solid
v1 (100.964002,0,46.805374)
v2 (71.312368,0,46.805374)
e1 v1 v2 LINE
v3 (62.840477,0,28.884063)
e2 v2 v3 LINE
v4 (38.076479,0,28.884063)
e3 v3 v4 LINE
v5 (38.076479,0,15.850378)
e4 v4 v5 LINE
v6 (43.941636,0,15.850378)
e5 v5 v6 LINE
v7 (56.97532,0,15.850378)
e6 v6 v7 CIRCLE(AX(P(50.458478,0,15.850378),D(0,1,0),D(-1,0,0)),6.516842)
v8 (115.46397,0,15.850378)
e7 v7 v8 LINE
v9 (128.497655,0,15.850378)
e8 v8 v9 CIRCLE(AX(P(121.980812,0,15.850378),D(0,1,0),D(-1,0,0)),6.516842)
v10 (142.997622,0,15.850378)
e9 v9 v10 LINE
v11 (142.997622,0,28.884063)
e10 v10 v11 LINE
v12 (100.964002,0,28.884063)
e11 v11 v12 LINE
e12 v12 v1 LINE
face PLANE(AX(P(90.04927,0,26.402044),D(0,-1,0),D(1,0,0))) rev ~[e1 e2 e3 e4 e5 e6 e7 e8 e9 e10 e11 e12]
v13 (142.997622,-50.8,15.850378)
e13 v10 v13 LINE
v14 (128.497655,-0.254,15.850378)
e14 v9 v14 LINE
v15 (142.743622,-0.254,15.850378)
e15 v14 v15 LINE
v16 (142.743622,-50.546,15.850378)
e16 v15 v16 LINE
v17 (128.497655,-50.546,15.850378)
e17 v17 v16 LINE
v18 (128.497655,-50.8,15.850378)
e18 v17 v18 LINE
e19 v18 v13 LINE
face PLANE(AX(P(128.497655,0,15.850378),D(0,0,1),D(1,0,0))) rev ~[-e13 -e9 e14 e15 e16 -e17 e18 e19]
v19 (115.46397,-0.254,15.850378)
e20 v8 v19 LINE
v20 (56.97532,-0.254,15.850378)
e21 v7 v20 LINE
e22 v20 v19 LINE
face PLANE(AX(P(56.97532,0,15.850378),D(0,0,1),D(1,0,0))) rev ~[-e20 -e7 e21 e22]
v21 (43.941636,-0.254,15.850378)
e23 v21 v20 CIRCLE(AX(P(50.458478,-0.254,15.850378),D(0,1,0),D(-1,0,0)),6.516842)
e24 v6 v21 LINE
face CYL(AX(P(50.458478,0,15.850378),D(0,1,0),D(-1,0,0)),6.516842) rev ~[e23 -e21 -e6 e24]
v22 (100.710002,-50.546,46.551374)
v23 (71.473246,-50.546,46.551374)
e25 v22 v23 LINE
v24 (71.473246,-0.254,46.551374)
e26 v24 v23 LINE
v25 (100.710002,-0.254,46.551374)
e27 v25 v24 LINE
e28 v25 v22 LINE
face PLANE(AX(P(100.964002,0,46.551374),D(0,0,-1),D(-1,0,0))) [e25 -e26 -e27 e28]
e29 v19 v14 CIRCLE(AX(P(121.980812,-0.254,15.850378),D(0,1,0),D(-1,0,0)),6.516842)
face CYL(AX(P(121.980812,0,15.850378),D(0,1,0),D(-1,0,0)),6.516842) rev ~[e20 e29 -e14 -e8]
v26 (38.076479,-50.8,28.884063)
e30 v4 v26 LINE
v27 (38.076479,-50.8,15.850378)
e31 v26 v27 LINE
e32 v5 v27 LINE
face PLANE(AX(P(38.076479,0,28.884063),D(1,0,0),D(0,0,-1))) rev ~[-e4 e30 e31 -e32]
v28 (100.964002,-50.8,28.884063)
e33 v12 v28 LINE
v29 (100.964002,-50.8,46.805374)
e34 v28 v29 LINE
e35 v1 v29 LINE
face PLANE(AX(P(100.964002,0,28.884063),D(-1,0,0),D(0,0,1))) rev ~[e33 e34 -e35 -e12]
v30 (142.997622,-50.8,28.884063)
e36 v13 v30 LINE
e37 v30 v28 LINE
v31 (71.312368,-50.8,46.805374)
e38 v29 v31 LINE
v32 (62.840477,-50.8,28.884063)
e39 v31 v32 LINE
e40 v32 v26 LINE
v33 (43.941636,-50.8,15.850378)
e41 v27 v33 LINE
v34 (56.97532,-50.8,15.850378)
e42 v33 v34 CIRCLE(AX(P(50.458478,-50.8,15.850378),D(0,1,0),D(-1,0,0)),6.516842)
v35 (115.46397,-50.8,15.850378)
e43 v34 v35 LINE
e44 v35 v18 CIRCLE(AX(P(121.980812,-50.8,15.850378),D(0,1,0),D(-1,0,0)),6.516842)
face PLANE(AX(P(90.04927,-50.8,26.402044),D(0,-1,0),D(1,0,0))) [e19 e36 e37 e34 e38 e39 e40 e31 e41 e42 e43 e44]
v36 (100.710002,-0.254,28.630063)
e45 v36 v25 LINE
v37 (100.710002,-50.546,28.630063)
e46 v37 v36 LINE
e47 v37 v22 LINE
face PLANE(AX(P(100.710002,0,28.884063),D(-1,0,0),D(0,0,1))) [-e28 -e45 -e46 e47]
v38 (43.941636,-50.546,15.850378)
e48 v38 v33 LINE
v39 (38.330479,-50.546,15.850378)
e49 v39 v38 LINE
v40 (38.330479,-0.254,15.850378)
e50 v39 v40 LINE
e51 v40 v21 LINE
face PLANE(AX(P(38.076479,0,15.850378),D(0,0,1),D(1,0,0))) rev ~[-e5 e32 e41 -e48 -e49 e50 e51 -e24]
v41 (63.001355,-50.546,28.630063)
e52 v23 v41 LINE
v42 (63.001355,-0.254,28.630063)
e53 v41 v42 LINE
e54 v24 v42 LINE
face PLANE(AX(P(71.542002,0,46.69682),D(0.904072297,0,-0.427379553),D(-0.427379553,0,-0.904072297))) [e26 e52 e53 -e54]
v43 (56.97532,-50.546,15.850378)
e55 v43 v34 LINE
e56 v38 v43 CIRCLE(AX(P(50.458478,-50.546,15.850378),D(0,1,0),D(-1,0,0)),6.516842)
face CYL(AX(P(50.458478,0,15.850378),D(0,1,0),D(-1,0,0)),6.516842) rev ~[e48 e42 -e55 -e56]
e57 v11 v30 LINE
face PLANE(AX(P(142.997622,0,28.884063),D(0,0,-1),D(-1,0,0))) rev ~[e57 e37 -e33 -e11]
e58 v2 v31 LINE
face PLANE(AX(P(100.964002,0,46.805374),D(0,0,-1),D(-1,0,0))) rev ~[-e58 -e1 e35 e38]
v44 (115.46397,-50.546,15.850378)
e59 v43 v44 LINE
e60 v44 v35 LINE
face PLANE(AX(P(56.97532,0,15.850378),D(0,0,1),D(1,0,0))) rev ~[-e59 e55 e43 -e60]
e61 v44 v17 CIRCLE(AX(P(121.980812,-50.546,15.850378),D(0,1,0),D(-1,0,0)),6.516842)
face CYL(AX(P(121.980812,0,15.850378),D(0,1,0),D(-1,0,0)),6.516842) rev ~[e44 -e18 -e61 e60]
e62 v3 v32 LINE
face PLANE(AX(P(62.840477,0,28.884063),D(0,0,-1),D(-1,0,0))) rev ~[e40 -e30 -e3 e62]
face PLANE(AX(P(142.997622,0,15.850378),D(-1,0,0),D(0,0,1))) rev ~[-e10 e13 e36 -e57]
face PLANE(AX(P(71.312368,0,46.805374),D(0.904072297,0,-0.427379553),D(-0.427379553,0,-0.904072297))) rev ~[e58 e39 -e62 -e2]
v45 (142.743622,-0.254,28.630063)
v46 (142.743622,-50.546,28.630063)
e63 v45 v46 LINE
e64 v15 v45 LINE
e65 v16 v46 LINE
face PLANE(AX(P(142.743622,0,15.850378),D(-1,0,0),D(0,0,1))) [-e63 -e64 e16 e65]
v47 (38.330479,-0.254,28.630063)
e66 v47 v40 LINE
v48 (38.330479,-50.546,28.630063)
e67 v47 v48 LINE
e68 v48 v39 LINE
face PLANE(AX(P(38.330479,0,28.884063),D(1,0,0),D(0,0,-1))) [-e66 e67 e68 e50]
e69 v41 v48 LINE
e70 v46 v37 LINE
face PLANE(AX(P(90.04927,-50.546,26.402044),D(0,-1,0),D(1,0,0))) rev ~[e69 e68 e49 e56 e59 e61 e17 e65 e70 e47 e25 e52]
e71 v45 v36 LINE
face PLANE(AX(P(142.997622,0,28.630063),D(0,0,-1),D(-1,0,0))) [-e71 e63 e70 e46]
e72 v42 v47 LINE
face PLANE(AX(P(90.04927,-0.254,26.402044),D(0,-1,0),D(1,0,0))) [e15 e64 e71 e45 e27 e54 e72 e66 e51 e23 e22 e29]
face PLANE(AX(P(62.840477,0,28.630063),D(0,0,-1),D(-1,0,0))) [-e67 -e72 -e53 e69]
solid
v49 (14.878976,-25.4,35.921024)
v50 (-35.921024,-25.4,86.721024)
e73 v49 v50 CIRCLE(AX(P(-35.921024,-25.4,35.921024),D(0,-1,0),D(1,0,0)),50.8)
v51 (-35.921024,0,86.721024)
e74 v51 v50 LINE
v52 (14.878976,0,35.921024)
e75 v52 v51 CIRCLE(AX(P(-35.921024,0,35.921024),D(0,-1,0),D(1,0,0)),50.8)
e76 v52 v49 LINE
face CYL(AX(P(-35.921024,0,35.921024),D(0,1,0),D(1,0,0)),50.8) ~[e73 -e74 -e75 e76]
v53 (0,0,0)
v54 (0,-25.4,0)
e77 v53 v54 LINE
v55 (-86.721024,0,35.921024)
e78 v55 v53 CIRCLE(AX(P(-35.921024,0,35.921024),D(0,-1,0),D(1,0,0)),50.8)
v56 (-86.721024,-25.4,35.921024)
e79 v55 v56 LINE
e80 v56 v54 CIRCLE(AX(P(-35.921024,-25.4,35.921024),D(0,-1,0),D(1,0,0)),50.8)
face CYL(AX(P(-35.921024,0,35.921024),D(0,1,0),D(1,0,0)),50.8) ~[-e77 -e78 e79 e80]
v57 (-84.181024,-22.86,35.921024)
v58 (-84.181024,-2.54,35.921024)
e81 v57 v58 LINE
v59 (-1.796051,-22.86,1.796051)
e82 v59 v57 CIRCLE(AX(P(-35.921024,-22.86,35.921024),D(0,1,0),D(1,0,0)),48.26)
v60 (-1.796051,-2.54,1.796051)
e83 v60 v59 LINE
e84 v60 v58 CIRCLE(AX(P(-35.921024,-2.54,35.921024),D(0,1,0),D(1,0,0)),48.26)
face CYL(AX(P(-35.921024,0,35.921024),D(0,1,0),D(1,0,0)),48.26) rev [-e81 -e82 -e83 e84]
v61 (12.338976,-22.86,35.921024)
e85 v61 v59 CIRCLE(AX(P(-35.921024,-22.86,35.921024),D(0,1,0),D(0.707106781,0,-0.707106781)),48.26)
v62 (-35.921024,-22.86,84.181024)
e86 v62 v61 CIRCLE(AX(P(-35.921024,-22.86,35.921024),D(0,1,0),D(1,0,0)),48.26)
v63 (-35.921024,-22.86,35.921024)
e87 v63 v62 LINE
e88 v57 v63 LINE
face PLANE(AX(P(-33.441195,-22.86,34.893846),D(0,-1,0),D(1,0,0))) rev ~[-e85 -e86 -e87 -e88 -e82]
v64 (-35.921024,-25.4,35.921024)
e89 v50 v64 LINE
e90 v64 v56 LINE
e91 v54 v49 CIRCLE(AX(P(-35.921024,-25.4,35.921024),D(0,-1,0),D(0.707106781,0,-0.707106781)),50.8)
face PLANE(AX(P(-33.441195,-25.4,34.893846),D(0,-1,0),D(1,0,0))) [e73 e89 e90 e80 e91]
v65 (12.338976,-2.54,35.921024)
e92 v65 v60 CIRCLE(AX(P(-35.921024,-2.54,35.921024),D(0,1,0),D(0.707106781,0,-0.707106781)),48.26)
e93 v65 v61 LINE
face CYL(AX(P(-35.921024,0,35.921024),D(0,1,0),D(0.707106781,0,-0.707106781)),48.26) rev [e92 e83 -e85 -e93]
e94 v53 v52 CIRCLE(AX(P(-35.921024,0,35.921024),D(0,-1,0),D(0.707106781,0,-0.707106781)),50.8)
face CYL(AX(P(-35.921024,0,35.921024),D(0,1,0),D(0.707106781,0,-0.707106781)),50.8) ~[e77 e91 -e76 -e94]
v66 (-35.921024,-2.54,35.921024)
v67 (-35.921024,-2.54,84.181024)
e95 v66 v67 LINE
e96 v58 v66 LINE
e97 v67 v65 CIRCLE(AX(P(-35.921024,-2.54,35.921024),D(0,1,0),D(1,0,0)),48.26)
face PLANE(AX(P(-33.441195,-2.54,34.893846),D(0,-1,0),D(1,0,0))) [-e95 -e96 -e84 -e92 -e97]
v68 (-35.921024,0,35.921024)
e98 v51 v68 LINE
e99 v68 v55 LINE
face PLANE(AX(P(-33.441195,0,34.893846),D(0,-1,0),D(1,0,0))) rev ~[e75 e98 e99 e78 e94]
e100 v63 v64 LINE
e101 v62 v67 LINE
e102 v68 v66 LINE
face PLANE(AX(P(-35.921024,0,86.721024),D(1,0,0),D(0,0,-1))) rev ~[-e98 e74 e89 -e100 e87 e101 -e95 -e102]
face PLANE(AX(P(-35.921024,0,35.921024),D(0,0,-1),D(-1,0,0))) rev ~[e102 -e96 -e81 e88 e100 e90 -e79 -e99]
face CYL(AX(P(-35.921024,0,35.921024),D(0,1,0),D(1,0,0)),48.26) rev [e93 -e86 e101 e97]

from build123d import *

# Parameters (mm, degrees)
F1_DEPTH = 25.4
F2_T     = -2.54
F4_DEPTH = 25.4
F6_DEPTH = 50.8
F7_T     = -0.254


with BuildPart() as f1:
    # F0 (on Front) → F1 (new body)
    with BuildSketch(Plane.XZ):
        with BuildLine():
            ThreePointArc((0, 0), (11.0120557673, 16.4807061201), (14.8789755157, 35.9210244843))
            ThreePointArc((14.8789755157, 35.9210244843), (-82.8541047359, 55.3613428484), (0, 0))
        make_face()
    extrude(amount=F1_DEPTH)

    # F2 (hollow: no face is removed)
    offset(amount=F2_T, mode=Mode.SUBTRACT)

    # F3 (on face) → F4 (cut)
    with BuildSketch(Plane(origin=(0, 0, 0), x_dir=(-1, 0, 0), z_dir=(0, 1, 0))):
        with BuildLine():
            Line((35.9210244843, 86.7210244843), (35.9210244843, 35.9210244843))
            Line((35.9210244843, 35.9210244843), (86.7210244843, 35.9210244843))
            ThreePointArc((86.7210244843, 35.9210244843), (71.8420489686, 71.8420489686), (35.9210244843, 86.7210244843))
        make_face()
    extrude(amount=-F4_DEPTH, mode=Mode.SUBTRACT)


with BuildPart() as f6:
    # F5 (on Front) → F6 (new body)
    with BuildSketch(Plane.XZ):
        with BuildLine():
            Line((142.9976224899, 15.8503782004), (142.9976224899, 28.8840625435))
            Line((142.9976224899, 28.8840625435), (100.9640023112, 28.8840625435))
            Line((100.9640023112, 28.8840625435), (100.9640023112, 46.8053743243))
            Line((100.9640023112, 46.8053743243), (71.3123679161, 46.8053743243))
            Line((71.3123679161, 46.8053743243), (62.8404766321, 28.8840625435))
            Line((62.8404766321, 28.8840625435), (38.0764789879, 28.8840625435))
            Line((38.0764789879, 28.8840625435), (38.0764789879, 15.8503782004))
            Line((38.0764789879, 15.8503782004), (43.9416356385, 15.8503782004))
            ThreePointArc((43.9416356385, 15.8503782004), (50.45847781, 22.367220372), (56.9753199816, 15.8503782004))
            Line((56.9753199816, 15.8503782004), (62.8404766321, 15.8503782004))
            Line((62.8404766321, 15.8503782004), (100.9640023112, 15.8503782004))
            Line((100.9640023112, 15.8503782004), (115.463970229, 15.8503782004))
            ThreePointArc((115.463970229, 15.8503782004), (121.9808124006, 22.367220372), (128.4976545721, 15.8503782004))
            Line((128.4976545721, 15.8503782004), (142.9976224899, 15.8503782004))
        make_face()
    extrude(amount=F6_DEPTH)

    # F7
    f7_openings = [f6.faces().sort_by_distance(p)[0] for p in [
        (86.219645, -25.4, 15.850378),
        (135.747639, -25.4, 15.850378),
        (121.980812, -25.4, 22.36722),
        (50.458478, -25.4, 22.36722),
        (41.009057, -25.4, 15.850378),
    ]]
    offset(amount=F7_T, openings=f7_openings, kind=Kind.INTERSECTION)


solid = Compound([f1.part, f6.part])
